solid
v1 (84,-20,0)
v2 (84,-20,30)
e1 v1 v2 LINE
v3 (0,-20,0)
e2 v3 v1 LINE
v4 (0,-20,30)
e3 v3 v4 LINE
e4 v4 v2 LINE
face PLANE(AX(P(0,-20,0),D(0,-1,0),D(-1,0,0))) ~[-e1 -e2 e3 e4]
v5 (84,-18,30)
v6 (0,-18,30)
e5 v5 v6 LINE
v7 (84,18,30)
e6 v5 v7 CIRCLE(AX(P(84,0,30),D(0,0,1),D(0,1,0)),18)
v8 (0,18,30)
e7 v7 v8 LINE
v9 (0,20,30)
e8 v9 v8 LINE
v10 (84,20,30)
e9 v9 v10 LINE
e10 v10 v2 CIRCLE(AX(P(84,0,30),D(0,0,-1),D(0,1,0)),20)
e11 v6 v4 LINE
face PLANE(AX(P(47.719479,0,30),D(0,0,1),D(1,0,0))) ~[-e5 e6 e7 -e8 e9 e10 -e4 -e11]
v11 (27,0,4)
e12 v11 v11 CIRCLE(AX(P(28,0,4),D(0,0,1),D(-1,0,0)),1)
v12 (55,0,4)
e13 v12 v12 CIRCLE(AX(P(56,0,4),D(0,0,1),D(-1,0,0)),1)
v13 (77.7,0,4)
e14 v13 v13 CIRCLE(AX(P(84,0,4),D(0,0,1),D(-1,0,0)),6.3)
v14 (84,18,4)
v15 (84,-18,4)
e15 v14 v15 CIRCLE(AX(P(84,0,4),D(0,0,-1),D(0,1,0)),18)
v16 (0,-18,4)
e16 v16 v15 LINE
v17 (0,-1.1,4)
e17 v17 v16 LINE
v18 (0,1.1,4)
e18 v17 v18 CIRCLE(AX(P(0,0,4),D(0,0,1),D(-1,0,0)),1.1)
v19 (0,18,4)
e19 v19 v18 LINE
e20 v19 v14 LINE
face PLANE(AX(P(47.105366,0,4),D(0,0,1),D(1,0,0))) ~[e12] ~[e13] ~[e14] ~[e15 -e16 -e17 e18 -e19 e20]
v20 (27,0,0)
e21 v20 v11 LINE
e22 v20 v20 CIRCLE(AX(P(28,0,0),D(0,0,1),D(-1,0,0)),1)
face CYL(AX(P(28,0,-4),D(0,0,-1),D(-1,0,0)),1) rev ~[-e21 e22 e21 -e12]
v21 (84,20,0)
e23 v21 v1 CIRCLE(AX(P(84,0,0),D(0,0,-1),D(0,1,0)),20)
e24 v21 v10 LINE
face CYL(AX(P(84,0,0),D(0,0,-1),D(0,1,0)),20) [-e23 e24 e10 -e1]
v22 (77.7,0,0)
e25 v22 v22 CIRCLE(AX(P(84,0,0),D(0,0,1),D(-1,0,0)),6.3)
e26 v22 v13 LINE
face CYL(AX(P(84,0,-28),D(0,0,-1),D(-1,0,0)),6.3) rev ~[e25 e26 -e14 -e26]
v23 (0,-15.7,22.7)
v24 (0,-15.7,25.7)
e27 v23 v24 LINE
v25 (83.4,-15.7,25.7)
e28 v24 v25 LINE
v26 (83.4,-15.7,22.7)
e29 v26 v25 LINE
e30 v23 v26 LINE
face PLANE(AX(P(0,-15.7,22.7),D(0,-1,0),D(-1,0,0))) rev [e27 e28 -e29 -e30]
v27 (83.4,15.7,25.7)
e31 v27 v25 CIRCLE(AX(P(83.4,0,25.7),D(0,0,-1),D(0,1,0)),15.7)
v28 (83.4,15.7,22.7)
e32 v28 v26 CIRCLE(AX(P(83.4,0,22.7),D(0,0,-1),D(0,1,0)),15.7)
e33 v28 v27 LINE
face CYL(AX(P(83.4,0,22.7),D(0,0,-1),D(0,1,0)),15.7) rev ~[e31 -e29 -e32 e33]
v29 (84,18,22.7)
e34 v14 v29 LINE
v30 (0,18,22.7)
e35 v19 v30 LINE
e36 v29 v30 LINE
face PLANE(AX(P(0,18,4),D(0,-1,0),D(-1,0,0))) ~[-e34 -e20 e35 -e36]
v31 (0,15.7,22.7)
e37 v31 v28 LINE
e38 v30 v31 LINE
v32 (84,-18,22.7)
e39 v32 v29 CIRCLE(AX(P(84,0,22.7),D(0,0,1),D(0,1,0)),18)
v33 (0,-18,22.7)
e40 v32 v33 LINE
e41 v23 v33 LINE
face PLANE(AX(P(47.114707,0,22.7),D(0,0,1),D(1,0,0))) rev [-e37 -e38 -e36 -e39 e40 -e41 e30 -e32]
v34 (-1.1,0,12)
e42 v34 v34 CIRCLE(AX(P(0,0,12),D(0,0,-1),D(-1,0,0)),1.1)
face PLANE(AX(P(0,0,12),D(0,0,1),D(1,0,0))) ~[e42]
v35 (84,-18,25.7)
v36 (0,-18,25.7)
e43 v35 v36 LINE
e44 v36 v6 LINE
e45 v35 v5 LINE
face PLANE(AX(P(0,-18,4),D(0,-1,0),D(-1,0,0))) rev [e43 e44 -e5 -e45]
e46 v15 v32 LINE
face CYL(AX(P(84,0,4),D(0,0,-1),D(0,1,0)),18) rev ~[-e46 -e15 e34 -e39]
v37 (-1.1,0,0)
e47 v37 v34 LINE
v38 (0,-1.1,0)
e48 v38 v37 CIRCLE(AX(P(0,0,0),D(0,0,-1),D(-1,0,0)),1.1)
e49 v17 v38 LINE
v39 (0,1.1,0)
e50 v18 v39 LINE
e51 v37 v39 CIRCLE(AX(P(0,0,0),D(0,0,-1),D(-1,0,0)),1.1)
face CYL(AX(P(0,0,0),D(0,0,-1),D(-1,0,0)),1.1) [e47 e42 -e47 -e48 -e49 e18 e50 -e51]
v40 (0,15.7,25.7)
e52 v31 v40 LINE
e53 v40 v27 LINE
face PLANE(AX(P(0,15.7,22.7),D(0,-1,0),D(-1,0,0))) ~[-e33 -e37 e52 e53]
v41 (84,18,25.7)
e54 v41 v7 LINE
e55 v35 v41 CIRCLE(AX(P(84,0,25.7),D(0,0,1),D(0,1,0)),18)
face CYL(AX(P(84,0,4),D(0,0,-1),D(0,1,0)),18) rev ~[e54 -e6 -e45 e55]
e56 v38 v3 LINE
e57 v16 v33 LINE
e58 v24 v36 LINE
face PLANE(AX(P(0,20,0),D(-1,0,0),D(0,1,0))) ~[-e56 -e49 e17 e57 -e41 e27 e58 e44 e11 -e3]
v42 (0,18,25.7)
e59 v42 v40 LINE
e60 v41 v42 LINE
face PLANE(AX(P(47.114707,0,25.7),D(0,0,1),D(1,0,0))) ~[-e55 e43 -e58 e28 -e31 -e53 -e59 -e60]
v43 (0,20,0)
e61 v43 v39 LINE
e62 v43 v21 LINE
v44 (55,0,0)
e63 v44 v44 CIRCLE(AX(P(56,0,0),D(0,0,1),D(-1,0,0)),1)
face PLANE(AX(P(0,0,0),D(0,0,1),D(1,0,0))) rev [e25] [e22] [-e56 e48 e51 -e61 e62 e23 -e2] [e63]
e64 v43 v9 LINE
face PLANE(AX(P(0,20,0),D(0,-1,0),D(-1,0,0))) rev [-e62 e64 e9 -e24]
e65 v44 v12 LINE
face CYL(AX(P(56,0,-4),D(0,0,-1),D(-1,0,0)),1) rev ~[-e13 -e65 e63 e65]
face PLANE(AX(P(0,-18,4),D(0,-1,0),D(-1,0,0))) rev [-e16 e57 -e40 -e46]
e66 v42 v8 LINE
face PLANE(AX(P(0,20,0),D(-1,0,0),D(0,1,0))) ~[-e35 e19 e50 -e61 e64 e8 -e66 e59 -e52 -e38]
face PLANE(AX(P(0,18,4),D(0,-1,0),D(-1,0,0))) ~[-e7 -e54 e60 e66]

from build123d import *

# Parameters (mm, degrees)
CYLINDER017_R     = 1
CYLINDER017_DEPTH = 10
CYLINDER018_R     = 1
CYLINDER018_DEPTH = 10
CYLINDER014_R     = 1.1
CYLINDER014_DEPTH = 12
CYLINDER_R        = 6.3
CYLINDER_DEPTH    = 52
PAD007_DEPTH      = 30
PAD006_DEPTH      = 30
PAD013_DEPTH      = 3
PAD012_DEPTH      = 3


with BuildPart() as cilindro005:
    # Cylinder017 → Cylinder017 (new body)
    with BuildSketch(Plane(origin=(-28, 0, -4), x_dir=(1, 0, 0), z_dir=(0, 0, 1))):
        Circle(CYLINDER017_R)
    extrude(amount=CYLINDER017_DEPTH)


with BuildPart() as fusion001010:
    # Cylinder018 → Cylinder018 (new body)
    with BuildSketch(Plane(origin=(-56, 0, -4), x_dir=(1, 0, 0), z_dir=(0, 0, 1))):
        Circle(CYLINDER018_R)
    extrude(amount=CYLINDER018_DEPTH)

    # Fusion001010: union Cilindro005
    add(cilindro005.part)


with BuildPart() as cilindro:
    # Cylinder014 → Cylinder014 (new body)
    with BuildSketch(Plane.XY):
        Circle(CYLINDER014_R)
    extrude(amount=CYLINDER014_DEPTH)


with BuildPart() as eje:
    # Cylinder → Cylinder (new body)
    with BuildSketch(Plane(origin=(-84, 0, -28), x_dir=(1, 0, 0), z_dir=(0, 0, 1))):
        Circle(CYLINDER_R)
    extrude(amount=CYLINDER_DEPTH)


with BuildPart() as base002:
    # Sketch009 → Pad007 (new body)
    with BuildSketch(Plane.XY):
        with BuildLine():
            Line((0, 18), (-84, 18))
            ThreePointArc((-84, 18), (-102, 0), (-84, -18))
            Line((0, -18), (-84, -18))
            Line((0, 18), (0, -18))
        make_face()
    extrude(amount=PAD007_DEPTH)


with BuildPart() as base002_1:
    # Body011 placement: moved
    add(base002.part.moved(Location((0, 0, 4))))


with BuildPart() as cut013007:
    # Sketch008 → Pad006 (new body)
    with BuildSketch(Plane.XY):
        with BuildLine():
            Line((0, 20), (-84, 20))
            ThreePointArc((-84, 20), (-104, 0), (-84, -20))
            Line((0, -20), (-84, -20))
            Line((0, 20), (0, -20))
        make_face()
    extrude(amount=PAD006_DEPTH)

    # Cut017: cut Base002
    add(base002_1.part, mode=Mode.SUBTRACT)

    # Cut018: cut Eje
    add(eje.part, mode=Mode.SUBTRACT)

    # Fusion001006: union Cilindro
    add(cilindro.part)

    # Cut013007: cut Fusion001010
    add(fusion001010.part, mode=Mode.SUBTRACT)


with BuildPart() as tapa004:
    # Sketch019 → Pad013 (new body)
    with BuildSketch(Plane.XY):
        with BuildLine():
            Line((0, 15.7), (-83.4, 15.7))
            ThreePointArc((-83.4, 15.7), (-99.1, 0), (-83.4, -15.7))
            Line((0, -15.7), (-83.4, -15.7))
            Line((0, 15.7), (0, -15.7))
        make_face()
    extrude(amount=PAD013_DEPTH)


with BuildPart() as tapa004_1:
    # Body016 placement: moved
    add(tapa004.part.moved(Location((0, 0, 26))))


with BuildPart() as fusion001014:
    # Sketch018 → Pad012 (new body)
    with BuildSketch(Plane.XY):
        with BuildLine():
            Line((0, 19), (-83.4, 19))
            ThreePointArc((-83.4, 19), (-102.4, 0), (-83.4, -19))
            Line((0, -19), (-83.4, -19))
            Line((0, 19), (0, -19))
        make_face()
    extrude(amount=PAD012_DEPTH)


with BuildPart() as fusion001014_1:
    # Body015 placement: moved
    add(fusion001014.part.moved(Location((0, 0, 26))))

    # Cut013003: cut Tapa004
    add(tapa004_1.part, mode=Mode.SUBTRACT)


with BuildPart() as fusion001014_2:
    # Cut013003 placement: moved
    add(fusion001014_1.part.moved(Location((0, 0, -3.3))))

    # Fusion001014: union Cut013007
    add(cut013007.part)


with BuildPart() as part_mirroring009:
    # Part__Mirroring009: instance of Fusion001014
    add(fusion001014_2.part.mirror(Plane(origin=(0, 0, 0), x_dir=(0, -1, 0), z_dir=(1, 0, 0))))


solid = part_mirroring009.part
